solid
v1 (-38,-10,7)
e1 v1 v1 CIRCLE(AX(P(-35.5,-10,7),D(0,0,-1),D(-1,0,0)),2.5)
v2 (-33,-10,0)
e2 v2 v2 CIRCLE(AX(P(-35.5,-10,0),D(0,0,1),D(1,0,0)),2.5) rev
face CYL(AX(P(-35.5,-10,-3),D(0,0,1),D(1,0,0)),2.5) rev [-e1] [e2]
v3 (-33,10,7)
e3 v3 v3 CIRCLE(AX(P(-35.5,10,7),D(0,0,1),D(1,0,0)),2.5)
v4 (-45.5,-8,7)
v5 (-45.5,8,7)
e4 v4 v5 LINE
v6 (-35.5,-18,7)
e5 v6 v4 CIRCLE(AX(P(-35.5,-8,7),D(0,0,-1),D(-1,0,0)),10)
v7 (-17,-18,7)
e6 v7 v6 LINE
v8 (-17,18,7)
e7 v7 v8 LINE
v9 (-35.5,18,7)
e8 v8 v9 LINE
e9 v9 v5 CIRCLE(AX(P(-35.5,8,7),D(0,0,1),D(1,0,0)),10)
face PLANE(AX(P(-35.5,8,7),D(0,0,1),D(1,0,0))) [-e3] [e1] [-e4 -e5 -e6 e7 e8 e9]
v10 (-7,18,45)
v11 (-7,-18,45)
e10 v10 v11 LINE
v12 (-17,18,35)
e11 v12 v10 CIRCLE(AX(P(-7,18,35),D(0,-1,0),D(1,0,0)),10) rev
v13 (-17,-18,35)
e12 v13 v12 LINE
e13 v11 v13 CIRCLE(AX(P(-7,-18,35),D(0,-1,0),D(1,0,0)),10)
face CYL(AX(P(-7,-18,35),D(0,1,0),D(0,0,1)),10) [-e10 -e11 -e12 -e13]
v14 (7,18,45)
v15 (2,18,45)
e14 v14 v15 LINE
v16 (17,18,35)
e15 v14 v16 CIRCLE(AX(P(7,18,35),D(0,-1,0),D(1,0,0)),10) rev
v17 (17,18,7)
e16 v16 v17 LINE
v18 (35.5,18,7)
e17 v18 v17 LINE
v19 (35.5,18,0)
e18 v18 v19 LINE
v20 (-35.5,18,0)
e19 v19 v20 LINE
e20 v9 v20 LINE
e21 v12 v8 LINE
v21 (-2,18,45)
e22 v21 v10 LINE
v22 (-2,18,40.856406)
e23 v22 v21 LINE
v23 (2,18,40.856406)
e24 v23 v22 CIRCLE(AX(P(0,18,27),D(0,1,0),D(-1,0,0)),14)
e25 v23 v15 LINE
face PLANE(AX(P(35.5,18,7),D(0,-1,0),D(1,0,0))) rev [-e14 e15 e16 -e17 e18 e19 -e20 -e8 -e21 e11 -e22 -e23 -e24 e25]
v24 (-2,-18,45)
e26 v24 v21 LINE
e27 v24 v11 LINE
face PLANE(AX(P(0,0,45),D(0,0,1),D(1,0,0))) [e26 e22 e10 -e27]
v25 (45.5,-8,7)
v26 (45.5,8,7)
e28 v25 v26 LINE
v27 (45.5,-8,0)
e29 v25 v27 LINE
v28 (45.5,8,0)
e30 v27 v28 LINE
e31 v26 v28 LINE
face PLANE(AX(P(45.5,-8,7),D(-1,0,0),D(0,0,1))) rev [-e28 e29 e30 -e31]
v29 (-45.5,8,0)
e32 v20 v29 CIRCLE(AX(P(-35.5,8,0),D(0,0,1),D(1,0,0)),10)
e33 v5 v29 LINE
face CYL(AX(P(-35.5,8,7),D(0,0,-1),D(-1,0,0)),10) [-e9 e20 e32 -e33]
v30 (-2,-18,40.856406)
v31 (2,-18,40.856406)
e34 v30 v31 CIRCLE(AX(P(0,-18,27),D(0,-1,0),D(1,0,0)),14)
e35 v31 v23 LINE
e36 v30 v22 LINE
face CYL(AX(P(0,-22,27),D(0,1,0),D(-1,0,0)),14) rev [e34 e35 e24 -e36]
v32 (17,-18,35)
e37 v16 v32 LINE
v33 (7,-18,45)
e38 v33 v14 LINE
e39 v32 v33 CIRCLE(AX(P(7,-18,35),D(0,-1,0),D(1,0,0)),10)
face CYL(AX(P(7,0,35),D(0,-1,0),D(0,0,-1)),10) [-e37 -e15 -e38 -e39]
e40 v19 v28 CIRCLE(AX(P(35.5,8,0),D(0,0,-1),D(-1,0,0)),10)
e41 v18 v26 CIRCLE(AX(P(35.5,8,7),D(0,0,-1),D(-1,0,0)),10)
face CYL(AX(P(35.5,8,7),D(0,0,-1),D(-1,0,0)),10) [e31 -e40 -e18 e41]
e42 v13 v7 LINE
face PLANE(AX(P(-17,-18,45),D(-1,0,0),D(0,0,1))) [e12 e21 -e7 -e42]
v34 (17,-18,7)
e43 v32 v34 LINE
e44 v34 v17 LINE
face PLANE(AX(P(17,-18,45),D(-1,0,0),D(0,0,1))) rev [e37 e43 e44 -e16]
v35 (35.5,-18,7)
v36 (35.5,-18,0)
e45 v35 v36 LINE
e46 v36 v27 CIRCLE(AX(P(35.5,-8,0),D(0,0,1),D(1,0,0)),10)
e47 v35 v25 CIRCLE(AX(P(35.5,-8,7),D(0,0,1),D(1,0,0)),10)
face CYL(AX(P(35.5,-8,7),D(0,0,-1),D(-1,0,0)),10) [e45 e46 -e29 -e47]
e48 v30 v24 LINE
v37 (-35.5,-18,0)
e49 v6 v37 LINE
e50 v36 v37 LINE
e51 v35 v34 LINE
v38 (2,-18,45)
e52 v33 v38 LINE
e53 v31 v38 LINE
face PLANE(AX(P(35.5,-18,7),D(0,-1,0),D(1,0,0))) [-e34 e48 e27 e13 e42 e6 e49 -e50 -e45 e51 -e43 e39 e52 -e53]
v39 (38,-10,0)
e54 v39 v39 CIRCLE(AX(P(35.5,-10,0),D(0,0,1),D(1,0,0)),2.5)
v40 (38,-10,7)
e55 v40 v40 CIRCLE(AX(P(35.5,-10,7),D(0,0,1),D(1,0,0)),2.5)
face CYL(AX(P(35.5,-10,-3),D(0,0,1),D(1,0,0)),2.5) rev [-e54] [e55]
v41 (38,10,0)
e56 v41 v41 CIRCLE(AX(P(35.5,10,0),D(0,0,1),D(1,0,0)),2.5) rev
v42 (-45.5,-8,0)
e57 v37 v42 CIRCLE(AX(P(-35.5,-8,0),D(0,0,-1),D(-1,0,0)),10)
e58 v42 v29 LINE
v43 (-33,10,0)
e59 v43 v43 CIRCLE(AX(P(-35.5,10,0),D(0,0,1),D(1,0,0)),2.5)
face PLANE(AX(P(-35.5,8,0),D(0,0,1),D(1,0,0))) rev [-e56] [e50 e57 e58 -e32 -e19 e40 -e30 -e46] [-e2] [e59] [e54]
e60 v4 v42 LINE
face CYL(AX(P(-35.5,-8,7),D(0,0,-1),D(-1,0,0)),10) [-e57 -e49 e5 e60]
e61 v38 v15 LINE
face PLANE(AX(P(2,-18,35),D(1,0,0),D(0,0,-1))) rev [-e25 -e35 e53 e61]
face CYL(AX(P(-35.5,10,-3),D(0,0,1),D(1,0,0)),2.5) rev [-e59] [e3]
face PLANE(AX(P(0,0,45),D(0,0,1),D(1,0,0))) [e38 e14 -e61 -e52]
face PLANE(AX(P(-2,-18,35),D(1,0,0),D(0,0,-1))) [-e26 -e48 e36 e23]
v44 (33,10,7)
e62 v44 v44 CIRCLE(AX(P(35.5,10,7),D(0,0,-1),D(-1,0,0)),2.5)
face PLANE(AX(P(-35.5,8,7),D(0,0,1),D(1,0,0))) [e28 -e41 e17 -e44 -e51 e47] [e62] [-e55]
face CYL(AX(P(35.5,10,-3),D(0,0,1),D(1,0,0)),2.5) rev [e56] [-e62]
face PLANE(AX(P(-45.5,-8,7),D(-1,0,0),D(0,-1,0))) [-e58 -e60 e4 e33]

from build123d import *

# Parameters (mm, degrees)
EXTRUDE_1_DEPTH     = 7
SKETCH_2_R          = 2.5
CUT_EXTRUDE_1_DEPTH = 10
SKETCH_3_W          = 34
SKETCH_3_H          = 36
EXTRUDE_2_DEPTH     = 38
SKETCH_6_R          = 14
CUT_EXTRUDE_2_DEPTH = 40
SKETCH_8_W          = 4
SKETCH_8_H          = 36
CUT_EXTRUDE_3_DEPTH = 10
FILLET_1_R          = 10


with BuildPart() as part:
    # 草圖1 → 填料-伸長1 (new body)
    with BuildSketch(Plane.XY):
        with BuildLine():
            Line((35.5, -18), (-35.5, -18))
            ThreePointArc((-35.5, -18), (-42.571067812, -15.071067812), (-45.5, -8))
            Line((-45.5, -8), (-45.5, 8))
            ThreePointArc((-45.5, 8), (-42.571067812, 15.071067812), (-35.5, 18))
            Line((-35.5, 18), (35.5, 18))
            ThreePointArc((35.5, 18), (42.571067812, 15.071067812), (45.5, 8))
            Line((45.5, 8), (45.5, -8))
            ThreePointArc((45.5, -8), (42.571067812, -15.071067812), (35.5, -18))
        make_face()
    extrude(amount=EXTRUDE_1_DEPTH)

    # 草圖2 → 除料-伸長1 (cut)
    with BuildSketch(Plane.XY.offset(7)):
        with Locations((-35.5, 10)):
            Circle(SKETCH_2_R)
        with Locations((35.5, 10)):
            Circle(SKETCH_2_R)
        with Locations((35.5, -10)):
            Circle(SKETCH_2_R)
        with Locations((-35.5, -10)):
            Circle(SKETCH_2_R)
    extrude(amount=-CUT_EXTRUDE_1_DEPTH, mode=Mode.SUBTRACT)

    # 草圖3 → 填料-伸長2 (add)
    with BuildSketch(Plane.XY.offset(7)):
        Rectangle(SKETCH_3_W, SKETCH_3_H)
    extrude(amount=EXTRUDE_2_DEPTH)

    # 草圖6 → 除料-伸長2 (cut)
    with BuildSketch(Plane(origin=(0, 18, 0), x_dir=(1, 0, 0), z_dir=(0, 1, 0))):
        with Locations(Location((0, -27, 0), (0, 0, 180))):
            Circle(SKETCH_6_R)
    extrude(amount=-CUT_EXTRUDE_2_DEPTH, mode=Mode.SUBTRACT)

    # 草圖8 → 除料-伸長3 (cut)
    with BuildSketch(Plane.XY.offset(45)):
        Rectangle(SKETCH_8_W, SKETCH_8_H)
    extrude(amount=-CUT_EXTRUDE_3_DEPTH, mode=Mode.SUBTRACT)

    # 圓角1
    fillet_1_edges = [part.edges().sort_by_distance(p)[0] for p in [
        (-17, 0, 45),
        (17, 0, 45),
    ]]
    fillet(fillet_1_edges, radius=FILLET_1_R)


solid = part.part
